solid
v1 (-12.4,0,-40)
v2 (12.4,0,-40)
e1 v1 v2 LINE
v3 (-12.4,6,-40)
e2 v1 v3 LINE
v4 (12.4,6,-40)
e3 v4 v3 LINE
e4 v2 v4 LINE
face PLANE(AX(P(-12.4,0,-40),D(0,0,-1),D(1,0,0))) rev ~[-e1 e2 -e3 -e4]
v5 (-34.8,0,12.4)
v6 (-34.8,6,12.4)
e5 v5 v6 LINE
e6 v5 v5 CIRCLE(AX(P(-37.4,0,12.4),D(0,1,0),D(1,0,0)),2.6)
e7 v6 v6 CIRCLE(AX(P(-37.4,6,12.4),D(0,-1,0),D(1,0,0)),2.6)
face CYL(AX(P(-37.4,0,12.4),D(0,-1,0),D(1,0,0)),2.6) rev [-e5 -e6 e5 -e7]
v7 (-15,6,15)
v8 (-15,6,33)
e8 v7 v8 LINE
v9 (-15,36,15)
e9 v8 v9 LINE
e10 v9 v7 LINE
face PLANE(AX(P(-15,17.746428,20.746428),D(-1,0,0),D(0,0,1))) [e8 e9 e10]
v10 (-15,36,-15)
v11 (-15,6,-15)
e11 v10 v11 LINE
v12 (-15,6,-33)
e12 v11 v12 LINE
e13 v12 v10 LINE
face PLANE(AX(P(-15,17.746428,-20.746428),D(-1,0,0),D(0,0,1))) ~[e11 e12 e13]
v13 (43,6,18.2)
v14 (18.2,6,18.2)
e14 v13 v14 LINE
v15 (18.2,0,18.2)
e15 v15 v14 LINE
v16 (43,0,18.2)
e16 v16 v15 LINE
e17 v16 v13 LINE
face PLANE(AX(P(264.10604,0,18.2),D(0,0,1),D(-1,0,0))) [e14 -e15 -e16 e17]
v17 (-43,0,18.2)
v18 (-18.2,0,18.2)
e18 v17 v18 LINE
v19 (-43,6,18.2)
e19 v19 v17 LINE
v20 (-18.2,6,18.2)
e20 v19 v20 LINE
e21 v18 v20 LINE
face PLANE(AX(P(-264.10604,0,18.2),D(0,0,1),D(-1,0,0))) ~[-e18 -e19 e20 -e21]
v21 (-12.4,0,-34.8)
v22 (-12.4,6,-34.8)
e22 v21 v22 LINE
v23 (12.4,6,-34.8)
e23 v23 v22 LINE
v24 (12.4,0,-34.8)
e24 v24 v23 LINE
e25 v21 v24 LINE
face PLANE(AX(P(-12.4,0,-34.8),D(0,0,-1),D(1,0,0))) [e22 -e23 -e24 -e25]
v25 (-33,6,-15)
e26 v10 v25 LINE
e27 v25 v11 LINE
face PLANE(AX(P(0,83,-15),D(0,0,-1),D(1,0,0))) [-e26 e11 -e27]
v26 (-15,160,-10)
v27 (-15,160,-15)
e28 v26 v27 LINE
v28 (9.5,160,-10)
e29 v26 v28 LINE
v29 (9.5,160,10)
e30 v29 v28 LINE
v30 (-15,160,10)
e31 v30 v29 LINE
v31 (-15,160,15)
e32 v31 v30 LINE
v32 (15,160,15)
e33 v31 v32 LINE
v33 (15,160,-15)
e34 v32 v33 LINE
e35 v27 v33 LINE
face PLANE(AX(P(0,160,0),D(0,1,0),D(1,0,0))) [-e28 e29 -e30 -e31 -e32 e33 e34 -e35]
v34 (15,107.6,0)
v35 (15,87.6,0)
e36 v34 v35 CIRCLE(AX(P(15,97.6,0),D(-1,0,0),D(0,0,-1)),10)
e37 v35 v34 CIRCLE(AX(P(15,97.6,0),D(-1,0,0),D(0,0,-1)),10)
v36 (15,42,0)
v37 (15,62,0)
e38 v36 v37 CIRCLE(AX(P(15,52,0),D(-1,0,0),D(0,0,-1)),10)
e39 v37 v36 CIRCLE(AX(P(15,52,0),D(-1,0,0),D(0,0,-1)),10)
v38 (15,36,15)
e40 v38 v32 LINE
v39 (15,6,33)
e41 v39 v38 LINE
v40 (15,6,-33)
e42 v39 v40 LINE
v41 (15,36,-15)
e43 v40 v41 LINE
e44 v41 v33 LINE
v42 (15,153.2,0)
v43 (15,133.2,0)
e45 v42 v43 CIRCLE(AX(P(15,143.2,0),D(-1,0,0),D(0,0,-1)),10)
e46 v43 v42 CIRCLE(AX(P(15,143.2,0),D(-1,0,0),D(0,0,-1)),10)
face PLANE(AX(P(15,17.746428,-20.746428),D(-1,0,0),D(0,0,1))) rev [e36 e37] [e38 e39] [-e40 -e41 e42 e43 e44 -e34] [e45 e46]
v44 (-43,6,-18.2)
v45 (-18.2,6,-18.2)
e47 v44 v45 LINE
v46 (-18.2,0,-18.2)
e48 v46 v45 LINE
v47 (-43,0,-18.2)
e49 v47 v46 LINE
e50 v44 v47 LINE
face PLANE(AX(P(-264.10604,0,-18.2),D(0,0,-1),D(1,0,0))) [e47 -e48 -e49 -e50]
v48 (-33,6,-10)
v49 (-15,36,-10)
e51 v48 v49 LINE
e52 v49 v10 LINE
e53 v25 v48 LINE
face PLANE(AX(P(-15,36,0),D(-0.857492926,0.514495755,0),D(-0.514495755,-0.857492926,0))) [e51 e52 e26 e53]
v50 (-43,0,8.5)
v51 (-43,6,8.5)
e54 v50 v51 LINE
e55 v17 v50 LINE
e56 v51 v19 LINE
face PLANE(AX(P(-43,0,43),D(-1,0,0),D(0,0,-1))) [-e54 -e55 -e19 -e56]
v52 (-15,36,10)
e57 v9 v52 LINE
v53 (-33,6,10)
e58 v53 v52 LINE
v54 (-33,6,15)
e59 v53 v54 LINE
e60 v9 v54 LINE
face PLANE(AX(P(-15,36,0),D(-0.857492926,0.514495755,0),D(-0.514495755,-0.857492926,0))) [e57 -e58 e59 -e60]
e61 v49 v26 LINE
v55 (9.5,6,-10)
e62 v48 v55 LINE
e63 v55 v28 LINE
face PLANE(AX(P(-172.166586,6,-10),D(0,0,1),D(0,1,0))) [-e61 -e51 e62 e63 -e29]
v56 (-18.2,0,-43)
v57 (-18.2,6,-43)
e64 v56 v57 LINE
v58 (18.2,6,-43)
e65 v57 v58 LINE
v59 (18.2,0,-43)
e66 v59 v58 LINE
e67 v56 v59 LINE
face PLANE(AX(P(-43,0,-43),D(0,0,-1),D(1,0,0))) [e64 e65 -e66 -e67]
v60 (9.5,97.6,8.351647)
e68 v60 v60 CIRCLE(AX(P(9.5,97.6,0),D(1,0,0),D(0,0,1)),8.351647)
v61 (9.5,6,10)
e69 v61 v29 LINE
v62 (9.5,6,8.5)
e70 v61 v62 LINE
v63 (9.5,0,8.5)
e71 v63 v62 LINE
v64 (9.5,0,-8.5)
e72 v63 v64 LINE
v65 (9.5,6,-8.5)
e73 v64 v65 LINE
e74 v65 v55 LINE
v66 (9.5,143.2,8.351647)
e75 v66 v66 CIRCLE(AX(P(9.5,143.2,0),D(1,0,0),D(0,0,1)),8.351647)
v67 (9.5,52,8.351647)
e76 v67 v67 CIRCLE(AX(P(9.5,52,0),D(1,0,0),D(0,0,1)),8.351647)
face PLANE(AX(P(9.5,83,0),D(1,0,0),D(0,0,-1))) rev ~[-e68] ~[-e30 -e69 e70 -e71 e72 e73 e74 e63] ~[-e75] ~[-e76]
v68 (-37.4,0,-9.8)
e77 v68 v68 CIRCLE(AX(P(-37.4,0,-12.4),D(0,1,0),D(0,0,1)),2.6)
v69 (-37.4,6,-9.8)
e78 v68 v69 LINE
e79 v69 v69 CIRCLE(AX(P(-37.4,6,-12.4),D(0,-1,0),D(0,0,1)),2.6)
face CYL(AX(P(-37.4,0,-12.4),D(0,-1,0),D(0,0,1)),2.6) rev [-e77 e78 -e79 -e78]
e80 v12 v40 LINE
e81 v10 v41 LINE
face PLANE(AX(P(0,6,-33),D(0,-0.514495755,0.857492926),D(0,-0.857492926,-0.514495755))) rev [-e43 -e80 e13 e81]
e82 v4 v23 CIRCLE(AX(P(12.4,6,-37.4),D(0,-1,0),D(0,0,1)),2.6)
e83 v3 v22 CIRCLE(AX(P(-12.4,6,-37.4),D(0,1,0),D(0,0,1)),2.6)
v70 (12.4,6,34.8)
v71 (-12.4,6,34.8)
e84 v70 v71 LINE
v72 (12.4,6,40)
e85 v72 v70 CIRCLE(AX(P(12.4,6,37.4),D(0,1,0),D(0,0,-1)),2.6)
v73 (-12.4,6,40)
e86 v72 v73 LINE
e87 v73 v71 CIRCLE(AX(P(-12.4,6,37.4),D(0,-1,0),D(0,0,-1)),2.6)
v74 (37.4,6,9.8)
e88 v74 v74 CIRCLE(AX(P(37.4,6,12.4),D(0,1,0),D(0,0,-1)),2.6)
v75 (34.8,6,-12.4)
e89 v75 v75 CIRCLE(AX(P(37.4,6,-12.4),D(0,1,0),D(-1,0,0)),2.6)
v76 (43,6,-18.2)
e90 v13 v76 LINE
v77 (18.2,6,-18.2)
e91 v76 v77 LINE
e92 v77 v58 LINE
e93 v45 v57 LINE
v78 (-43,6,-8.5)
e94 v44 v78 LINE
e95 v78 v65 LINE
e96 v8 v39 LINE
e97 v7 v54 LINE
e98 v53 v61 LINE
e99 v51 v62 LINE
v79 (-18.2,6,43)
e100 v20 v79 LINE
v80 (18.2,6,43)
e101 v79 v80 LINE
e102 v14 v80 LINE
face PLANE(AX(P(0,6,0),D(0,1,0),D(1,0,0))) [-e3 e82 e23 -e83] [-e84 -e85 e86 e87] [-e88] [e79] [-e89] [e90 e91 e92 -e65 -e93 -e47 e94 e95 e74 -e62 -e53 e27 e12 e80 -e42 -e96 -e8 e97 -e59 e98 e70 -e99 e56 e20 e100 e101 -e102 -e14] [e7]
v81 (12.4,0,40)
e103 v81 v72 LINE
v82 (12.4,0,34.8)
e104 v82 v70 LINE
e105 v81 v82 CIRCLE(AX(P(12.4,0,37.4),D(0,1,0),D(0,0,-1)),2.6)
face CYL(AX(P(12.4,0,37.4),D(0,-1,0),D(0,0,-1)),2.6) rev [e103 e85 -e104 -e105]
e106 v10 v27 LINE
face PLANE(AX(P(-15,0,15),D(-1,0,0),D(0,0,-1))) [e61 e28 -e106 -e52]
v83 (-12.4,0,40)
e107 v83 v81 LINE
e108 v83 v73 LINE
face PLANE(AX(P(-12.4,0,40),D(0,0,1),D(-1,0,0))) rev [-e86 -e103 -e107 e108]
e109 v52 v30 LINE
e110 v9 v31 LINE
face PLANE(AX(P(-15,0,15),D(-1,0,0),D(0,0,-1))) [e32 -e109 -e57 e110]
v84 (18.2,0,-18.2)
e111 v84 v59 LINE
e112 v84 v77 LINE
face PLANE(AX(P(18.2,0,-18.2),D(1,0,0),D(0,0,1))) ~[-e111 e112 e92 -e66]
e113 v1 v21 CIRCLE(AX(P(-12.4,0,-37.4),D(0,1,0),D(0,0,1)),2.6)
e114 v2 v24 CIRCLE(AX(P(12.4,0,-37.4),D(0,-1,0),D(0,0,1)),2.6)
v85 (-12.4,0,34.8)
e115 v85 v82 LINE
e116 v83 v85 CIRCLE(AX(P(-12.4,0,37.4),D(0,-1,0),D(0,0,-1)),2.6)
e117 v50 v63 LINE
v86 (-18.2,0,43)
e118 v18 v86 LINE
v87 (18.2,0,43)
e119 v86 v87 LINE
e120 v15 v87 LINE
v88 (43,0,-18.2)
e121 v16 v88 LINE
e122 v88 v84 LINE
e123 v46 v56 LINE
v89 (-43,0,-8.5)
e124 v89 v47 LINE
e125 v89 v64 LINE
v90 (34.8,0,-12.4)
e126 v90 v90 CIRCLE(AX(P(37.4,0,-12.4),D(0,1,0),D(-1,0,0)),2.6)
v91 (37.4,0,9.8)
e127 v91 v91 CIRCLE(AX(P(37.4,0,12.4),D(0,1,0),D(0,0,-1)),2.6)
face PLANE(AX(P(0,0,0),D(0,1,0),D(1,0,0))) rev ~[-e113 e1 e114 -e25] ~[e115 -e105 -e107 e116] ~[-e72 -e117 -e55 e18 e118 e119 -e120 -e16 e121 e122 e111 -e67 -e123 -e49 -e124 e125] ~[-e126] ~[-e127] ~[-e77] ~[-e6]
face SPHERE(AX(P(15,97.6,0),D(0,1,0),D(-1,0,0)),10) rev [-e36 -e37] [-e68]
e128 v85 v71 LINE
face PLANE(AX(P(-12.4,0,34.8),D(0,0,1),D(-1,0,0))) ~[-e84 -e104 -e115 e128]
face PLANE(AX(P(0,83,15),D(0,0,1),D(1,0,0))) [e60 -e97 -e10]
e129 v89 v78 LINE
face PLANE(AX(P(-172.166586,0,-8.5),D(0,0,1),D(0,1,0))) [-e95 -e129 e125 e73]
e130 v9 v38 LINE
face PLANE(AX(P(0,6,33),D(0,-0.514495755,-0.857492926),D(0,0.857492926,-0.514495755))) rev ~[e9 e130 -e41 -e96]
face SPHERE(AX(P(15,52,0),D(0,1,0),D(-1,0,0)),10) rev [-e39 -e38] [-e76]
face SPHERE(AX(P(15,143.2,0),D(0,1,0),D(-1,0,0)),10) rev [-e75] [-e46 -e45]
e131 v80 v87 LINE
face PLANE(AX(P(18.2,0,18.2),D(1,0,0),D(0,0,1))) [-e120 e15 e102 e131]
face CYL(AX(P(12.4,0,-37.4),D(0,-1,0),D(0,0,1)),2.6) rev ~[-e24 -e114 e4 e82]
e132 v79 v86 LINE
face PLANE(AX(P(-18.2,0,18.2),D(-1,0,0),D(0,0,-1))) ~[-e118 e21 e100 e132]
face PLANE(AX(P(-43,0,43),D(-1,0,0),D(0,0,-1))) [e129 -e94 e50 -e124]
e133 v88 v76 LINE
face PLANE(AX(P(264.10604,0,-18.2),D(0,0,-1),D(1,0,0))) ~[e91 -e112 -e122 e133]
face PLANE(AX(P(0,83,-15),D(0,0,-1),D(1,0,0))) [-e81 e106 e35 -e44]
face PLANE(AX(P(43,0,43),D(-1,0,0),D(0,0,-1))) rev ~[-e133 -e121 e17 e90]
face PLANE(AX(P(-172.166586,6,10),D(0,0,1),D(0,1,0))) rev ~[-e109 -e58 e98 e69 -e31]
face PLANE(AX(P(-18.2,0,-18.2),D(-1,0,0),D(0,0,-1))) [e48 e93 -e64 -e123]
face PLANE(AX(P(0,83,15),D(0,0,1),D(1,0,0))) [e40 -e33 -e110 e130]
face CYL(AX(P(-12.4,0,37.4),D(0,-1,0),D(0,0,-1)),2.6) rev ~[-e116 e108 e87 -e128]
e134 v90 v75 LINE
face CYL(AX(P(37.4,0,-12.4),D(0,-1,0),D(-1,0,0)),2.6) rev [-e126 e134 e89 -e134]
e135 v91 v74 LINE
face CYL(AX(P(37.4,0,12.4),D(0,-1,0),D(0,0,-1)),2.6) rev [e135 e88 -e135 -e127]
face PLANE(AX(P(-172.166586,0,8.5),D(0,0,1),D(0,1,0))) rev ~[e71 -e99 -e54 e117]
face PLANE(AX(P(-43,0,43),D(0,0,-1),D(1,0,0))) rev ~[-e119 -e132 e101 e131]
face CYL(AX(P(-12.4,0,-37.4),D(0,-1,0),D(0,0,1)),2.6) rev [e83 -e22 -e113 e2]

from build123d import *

# Parameters (mm, degrees)
SKETCH_1_W                  = 86
SKETCH_1_H                  = 86
EXTRUDE_1_DEPTH             = 6
SKETCH_2_W                  = 30
SKETCH_2_H                  = 30
EXTRUDE_2_DEPTH             = 160
EXTRUDE_3_REACH             = 173.167
EXTRUDE_3_DIRECTION_2_REACH = 173.167
SKETCH_8_R                  = 2.6
CUT_EXTRUDE_2_DEPTH         = 6
CUT_EXTRUDE_3_DEPTH         = 6
PATTERN_LINEAR_1_COUNT      = 3
PATTERN_LINEAR_1_PITCH      = 45.6
MIRROR_7_COPY_1_DEPTH       = 6
MIRROR_8_COPY_1_SKETCH_R    = 2.6
MIRROR_8_COPY_1_DEPTH       = 6
PATTERN_CIRCULAR_1_COUNT    = 2
PATTERN_CIRCULAR_1_ANGLE    = 90
MIRROR_9_COPY_1_SKETCH_R    = 2.6
MIRROR_9_COPY_1_DEPTH       = 6
MIRROR_9_COPY_2_SKETCH_R    = 2.6
MIRROR_9_COPY_2_DEPTH       = 6
MIRROR_10_COPY_1_SKETCH_R   = 2.6
MIRROR_10_COPY_1_DEPTH      = 6
MIRROR_10_COPY_2_SKETCH_R   = 2.6
MIRROR_10_COPY_2_DEPTH      = 6
MIRROR_10_COPY_3_SKETCH_R   = 2.6
MIRROR_10_COPY_3_DEPTH      = 6
MIRROR_10_COPY_4_SKETCH_R   = 2.6
MIRROR_10_COPY_4_DEPTH      = 6
MIRROR_10_COPY_5_SKETCH_R   = 2.6
MIRROR_10_COPY_5_DEPTH      = 6
EXTRUDE_4_DEPTH             = 15
CUT_EXTRUDE_4_DEPTH         = 9.5
CUT_EXTRUDE_4_DEPTH_BACK    = 172.166585524
SKETCH_17_W                 = 20
SKETCH_17_H                 = 154
SKETCH_19_W                 = 24.8
SKETCH_19_H                 = 5.2
CUT_EXTRUDE_6_DEPTH         = 172.166585524
CUT_EXTRUDE_8_DEPTH         = 9.5
CUT_EXTRUDE_8_DEPTH_BACK    = 172.166585524
SKETCH_21_W                 = 17
SKETCH_21_H                 = 6


with BuildPart() as part:
    # 草图1 → 凸台-拉伸1 (new body)
    with BuildSketch(Plane(origin=(0, 0, 0), x_dir=(1, 0, 0), z_dir=(0, 1, 0))):
        Rectangle(SKETCH_1_W, SKETCH_1_H)
    extrude(amount=EXTRUDE_1_DEPTH)

    # 草图2 → 凸台-拉伸2 (add)
    with BuildSketch(Plane(origin=(0, 0, 0), x_dir=(1, 0, 0), z_dir=(0, 1, 0))):
        Rectangle(SKETCH_2_W, SKETCH_2_H)
    extrude(amount=EXTRUDE_2_DEPTH)

    # 凸台-拉伸3: up to this face of the body (flat: up to its plane)
    extrude_3_end = Plane(part.part.faces().sort_by_distance((0, 83, 15))[0])
    # 草图7 → 凸台-拉伸3 (add, up to the picked face)
    with BuildSketch(Plane.XY, mode=Mode.PRIVATE) as extrude_3_sk1:
        Polygon((-15, 36), (-33, 6), (-15, 6), align=None)
    extrude_3_tool1 = split(extrude(extrude_3_sk1.sketch, amount=EXTRUDE_3_REACH, mode=Mode.PRIVATE), bisect_by=extrude_3_end, keep=Keep.BOTH, mode=Mode.PRIVATE)
    add(extrude_3_tool1.solids().sort_by(Axis((-21, 16, 0), (0, 0, 1)))[0])

    # 凸台-拉伸3 direction 2: up to this face of the body (flat: up to its plane)
    extrude_3_direction_2_end = Plane(part.part.faces().sort_by_distance((0, 83, -15))[0])
    # 草图7 → 凸台-拉伸3 direction 2 (add, up to the picked face)
    with BuildSketch(Plane.XY, mode=Mode.PRIVATE) as extrude_3_direction_2_sk1:
        Polygon((-15, 36), (-33, 6), (-15, 6), align=None)
    extrude_3_direction_2_tool1 = split(extrude(extrude_3_direction_2_sk1.sketch, amount=-EXTRUDE_3_DIRECTION_2_REACH, mode=Mode.PRIVATE), bisect_by=extrude_3_direction_2_end, keep=Keep.BOTH, mode=Mode.PRIVATE)
    add(extrude_3_direction_2_tool1.solids().sort_by(Axis((-21, 16, 0), (0, 0, -1)))[0])

    # 草图8 → 切除-拉伸2 (cut)
    with BuildSketch(Plane(origin=(0, 0, 0), x_dir=(1, 0, 0), z_dir=(0, 1, 0))):
        with Locations(Location((-12.4, 37.4, 0), (0, 0, 270))):
            Circle(SKETCH_8_R)
    cut_extrude_2 = extrude(amount=CUT_EXTRUDE_2_DEPTH, mode=Mode.SUBTRACT)

    # 镜向2: 切除-拉伸2 across plane
    add(cut_extrude_2.mirror(Plane.XY), mode=Mode.SUBTRACT)

    # 草图11 → 切除-拉伸3 (cut)
    with BuildSketch(Plane(origin=(0, 0, 0), x_dir=(1, 0, 0), z_dir=(0, 1, 0))):
        Polygon((264.106039705, -18.2), (43, -18.2), (18.2, -18.2), (18.2, -43), (18.2, -264.106039705), (330.891160074, -576.797199779), (576.797199779, -330.891160074), align=None)
    cut_extrude_3 = extrude(amount=CUT_EXTRUDE_3_DEPTH, mode=Mode.SUBTRACT)

    # 草图12 → 切除-旋转2 (revolve, cut)
    with BuildSketch(Plane.XY):
        with BuildLine():
            Line((15, 62), (15, 42))
            ThreePointArc((15, 42), (5, 52), (15, 62))
        make_face()
    cut_revolve_2 = revolve(axis=Axis((15, 62, 0), (0, -1, 0)), mode=Mode.SUBTRACT)

    # 阵列(线性)1: 切除-旋转2 ×3
    with Locations(*[(0, i * PATTERN_LINEAR_1_PITCH, 0) for i in range(1, PATTERN_LINEAR_1_COUNT)]):
        add(cut_revolve_2, mode=Mode.SUBTRACT)

    # 镜向6: 切除-拉伸3 across plane
    add(cut_extrude_3.mirror(Plane.XY), mode=Mode.SUBTRACT)

    # 镜向7: 切除-拉伸3 across plane
    add(cut_extrude_3.mirror(Plane(origin=(0, 0, 0), x_dir=(0, 0, 1), z_dir=(1, 0, 0))), mode=Mode.SUBTRACT)

    # 镜向7 copy 1 sketch → 镜向7 copy 1 (cut)
    with BuildSketch(Plane(origin=(0, 0, 0), x_dir=(-1, 0, 0), z_dir=(0, 1, 0))):
        Polygon((264.106039705, -18.2), (43, -18.2), (18.2, -18.2), (18.2, -43), (18.2, -264.106039705), (330.891160074, -576.797199779), (576.797199779, -330.891160074), align=None)
    extrude(amount=MIRROR_7_COPY_1_DEPTH, mode=Mode.SUBTRACT)

    # 镜向8: 切除-拉伸2 across plane
    add(cut_extrude_2.mirror(Plane(origin=(0, 0, 0), x_dir=(0, 0, 1), z_dir=(1, 0, 0))), mode=Mode.SUBTRACT)

    # 镜向8 copy 1 sketch → 镜向8 copy 1 (cut)
    with BuildSketch(Plane(origin=(0, 0, 0), x_dir=(-1, 0, 0), z_dir=(0, 1, 0))):
        with Locations(Location((-12.4, 37.4, 0), (0, 0, 270))):
            Circle(MIRROR_8_COPY_1_SKETCH_R)
    extrude(amount=MIRROR_8_COPY_1_DEPTH, mode=Mode.SUBTRACT)

    # 阵列(圆周)1: 切除-拉伸2 ×2 about axis
    pattern_circular_1_axis = Axis((0, 0, 0), (0, 1, 0))
    for i in range(1, PATTERN_CIRCULAR_1_COUNT):
        add(cut_extrude_2.rotate(pattern_circular_1_axis, i * PATTERN_CIRCULAR_1_ANGLE / (PATTERN_CIRCULAR_1_COUNT - 1)), mode=Mode.SUBTRACT)

    # 镜向9 copy 1 sketch → 镜向9 copy 1 (cut)
    with BuildSketch(Plane.ZX):
        with Locations((-12.4, -37.4)):
            Circle(MIRROR_9_COPY_1_SKETCH_R)
    extrude(amount=MIRROR_9_COPY_1_DEPTH, mode=Mode.SUBTRACT)

    # 镜向9 copy 2 sketch → 镜向9 copy 2 (cut)
    with BuildSketch(Plane(origin=(0, 0, 0), x_dir=(1, 0, 0), z_dir=(0, 1, 0))):
        with Locations((-12.4, -37.4)):
            Circle(MIRROR_9_COPY_2_SKETCH_R)
    extrude(amount=MIRROR_9_COPY_2_DEPTH, mode=Mode.SUBTRACT)

    # 镜向10 copy 1 sketch → 镜向10 copy 1 (cut)
    with BuildSketch(Plane(origin=(0, 0, 0), x_dir=(0, 0, -1), z_dir=(0, 1, 0))):
        with Locations((-12.4, -37.4)):
            Circle(MIRROR_10_COPY_1_SKETCH_R)
    extrude(amount=MIRROR_10_COPY_1_DEPTH, mode=Mode.SUBTRACT)

    # 镜向10 copy 2 sketch → 镜向10 copy 2 (cut)
    with BuildSketch(Plane(origin=(0, 0, 0), x_dir=(-1, 0, 0), z_dir=(0, 1, 0))):
        with Locations((-12.4, -37.4)):
            Circle(MIRROR_10_COPY_2_SKETCH_R)
    extrude(amount=MIRROR_10_COPY_2_DEPTH, mode=Mode.SUBTRACT)

    # 镜向10 copy 3 sketch → 镜向10 copy 3 (cut)
    with BuildSketch(Plane.ZX):
        with Locations(Location((-12.4, 37.4, 0), (0, 0, 270))):
            Circle(MIRROR_10_COPY_3_SKETCH_R)
    extrude(amount=MIRROR_10_COPY_3_DEPTH, mode=Mode.SUBTRACT)

    # 镜向10 copy 4 sketch → 镜向10 copy 4 (cut)
    with BuildSketch(Plane(origin=(0, 0, 0), x_dir=(-1, 0, 0), z_dir=(0, 1, 0))):
        with Locations(Location((-12.4, 37.4, 0), (0, 0, 270))):
            Circle(MIRROR_10_COPY_4_SKETCH_R)
    extrude(amount=MIRROR_10_COPY_4_DEPTH, mode=Mode.SUBTRACT)

    # 镜向10 copy 5 sketch → 镜向10 copy 5 (cut)
    with BuildSketch(Plane(origin=(0, 0, 0), x_dir=(-1, 0, 0), z_dir=(0, 1, 0))):
        with Locations((-12.4, -37.4)):
            Circle(MIRROR_10_COPY_5_SKETCH_R)
    extrude(amount=MIRROR_10_COPY_5_DEPTH, mode=Mode.SUBTRACT)

    # 草图15 → 凸台-拉伸4 (add, symmetric)
    with BuildSketch(Plane(origin=(0, 0, 0), x_dir=(0, 0, -1), z_dir=(1, 0, 0))):
        Polygon((-15, 36), (-15, 6), (-33, 6), align=None)
    extrude_4 = extrude(amount=EXTRUDE_4_DEPTH, both=True)

    # 镜向11: 凸台-拉伸4 across plane
    add(extrude_4.mirror(Plane.XY))

    # 草图17 → 切除-拉伸4 (cut, two sides: drawn at the far end of the back side and taken through both)
    with BuildSketch(Plane(origin=(0, 0, 0), x_dir=(0, 0, -1), z_dir=(1, 0, 0)).offset(-CUT_EXTRUDE_4_DEPTH_BACK)):
        with Locations((0, 83)):
            Rectangle(SKETCH_17_W, SKETCH_17_H)
    extrude(amount=CUT_EXTRUDE_4_DEPTH + CUT_EXTRUDE_4_DEPTH_BACK, mode=Mode.SUBTRACT)

    # 草图19 → 切除-拉伸6 (cut, through all)
    with BuildSketch(Plane(origin=(0, 0, 0), x_dir=(1, 0, 0), z_dir=(0, 1, 0))):
        with Locations((0, 37.4)):
            Rectangle(SKETCH_19_W, SKETCH_19_H)
    cut_extrude_6 = extrude(amount=CUT_EXTRUDE_6_DEPTH, mode=Mode.SUBTRACT)

    # 镜向12: 切除-拉伸6 across plane
    add(cut_extrude_6.mirror(Plane.XY), mode=Mode.SUBTRACT)

    # 草图21 → 切除-拉伸8 (cut, two sides: drawn at the far end of the back side and taken through both)
    with BuildSketch(Plane(origin=(0, 0, 0), x_dir=(0, 0, -1), z_dir=(1, 0, 0)).offset(-CUT_EXTRUDE_8_DEPTH_BACK)):
        with Locations((0, 3)):
            Rectangle(SKETCH_21_W, SKETCH_21_H)
    extrude(amount=CUT_EXTRUDE_8_DEPTH + CUT_EXTRUDE_8_DEPTH_BACK, mode=Mode.SUBTRACT)


solid = part.part
